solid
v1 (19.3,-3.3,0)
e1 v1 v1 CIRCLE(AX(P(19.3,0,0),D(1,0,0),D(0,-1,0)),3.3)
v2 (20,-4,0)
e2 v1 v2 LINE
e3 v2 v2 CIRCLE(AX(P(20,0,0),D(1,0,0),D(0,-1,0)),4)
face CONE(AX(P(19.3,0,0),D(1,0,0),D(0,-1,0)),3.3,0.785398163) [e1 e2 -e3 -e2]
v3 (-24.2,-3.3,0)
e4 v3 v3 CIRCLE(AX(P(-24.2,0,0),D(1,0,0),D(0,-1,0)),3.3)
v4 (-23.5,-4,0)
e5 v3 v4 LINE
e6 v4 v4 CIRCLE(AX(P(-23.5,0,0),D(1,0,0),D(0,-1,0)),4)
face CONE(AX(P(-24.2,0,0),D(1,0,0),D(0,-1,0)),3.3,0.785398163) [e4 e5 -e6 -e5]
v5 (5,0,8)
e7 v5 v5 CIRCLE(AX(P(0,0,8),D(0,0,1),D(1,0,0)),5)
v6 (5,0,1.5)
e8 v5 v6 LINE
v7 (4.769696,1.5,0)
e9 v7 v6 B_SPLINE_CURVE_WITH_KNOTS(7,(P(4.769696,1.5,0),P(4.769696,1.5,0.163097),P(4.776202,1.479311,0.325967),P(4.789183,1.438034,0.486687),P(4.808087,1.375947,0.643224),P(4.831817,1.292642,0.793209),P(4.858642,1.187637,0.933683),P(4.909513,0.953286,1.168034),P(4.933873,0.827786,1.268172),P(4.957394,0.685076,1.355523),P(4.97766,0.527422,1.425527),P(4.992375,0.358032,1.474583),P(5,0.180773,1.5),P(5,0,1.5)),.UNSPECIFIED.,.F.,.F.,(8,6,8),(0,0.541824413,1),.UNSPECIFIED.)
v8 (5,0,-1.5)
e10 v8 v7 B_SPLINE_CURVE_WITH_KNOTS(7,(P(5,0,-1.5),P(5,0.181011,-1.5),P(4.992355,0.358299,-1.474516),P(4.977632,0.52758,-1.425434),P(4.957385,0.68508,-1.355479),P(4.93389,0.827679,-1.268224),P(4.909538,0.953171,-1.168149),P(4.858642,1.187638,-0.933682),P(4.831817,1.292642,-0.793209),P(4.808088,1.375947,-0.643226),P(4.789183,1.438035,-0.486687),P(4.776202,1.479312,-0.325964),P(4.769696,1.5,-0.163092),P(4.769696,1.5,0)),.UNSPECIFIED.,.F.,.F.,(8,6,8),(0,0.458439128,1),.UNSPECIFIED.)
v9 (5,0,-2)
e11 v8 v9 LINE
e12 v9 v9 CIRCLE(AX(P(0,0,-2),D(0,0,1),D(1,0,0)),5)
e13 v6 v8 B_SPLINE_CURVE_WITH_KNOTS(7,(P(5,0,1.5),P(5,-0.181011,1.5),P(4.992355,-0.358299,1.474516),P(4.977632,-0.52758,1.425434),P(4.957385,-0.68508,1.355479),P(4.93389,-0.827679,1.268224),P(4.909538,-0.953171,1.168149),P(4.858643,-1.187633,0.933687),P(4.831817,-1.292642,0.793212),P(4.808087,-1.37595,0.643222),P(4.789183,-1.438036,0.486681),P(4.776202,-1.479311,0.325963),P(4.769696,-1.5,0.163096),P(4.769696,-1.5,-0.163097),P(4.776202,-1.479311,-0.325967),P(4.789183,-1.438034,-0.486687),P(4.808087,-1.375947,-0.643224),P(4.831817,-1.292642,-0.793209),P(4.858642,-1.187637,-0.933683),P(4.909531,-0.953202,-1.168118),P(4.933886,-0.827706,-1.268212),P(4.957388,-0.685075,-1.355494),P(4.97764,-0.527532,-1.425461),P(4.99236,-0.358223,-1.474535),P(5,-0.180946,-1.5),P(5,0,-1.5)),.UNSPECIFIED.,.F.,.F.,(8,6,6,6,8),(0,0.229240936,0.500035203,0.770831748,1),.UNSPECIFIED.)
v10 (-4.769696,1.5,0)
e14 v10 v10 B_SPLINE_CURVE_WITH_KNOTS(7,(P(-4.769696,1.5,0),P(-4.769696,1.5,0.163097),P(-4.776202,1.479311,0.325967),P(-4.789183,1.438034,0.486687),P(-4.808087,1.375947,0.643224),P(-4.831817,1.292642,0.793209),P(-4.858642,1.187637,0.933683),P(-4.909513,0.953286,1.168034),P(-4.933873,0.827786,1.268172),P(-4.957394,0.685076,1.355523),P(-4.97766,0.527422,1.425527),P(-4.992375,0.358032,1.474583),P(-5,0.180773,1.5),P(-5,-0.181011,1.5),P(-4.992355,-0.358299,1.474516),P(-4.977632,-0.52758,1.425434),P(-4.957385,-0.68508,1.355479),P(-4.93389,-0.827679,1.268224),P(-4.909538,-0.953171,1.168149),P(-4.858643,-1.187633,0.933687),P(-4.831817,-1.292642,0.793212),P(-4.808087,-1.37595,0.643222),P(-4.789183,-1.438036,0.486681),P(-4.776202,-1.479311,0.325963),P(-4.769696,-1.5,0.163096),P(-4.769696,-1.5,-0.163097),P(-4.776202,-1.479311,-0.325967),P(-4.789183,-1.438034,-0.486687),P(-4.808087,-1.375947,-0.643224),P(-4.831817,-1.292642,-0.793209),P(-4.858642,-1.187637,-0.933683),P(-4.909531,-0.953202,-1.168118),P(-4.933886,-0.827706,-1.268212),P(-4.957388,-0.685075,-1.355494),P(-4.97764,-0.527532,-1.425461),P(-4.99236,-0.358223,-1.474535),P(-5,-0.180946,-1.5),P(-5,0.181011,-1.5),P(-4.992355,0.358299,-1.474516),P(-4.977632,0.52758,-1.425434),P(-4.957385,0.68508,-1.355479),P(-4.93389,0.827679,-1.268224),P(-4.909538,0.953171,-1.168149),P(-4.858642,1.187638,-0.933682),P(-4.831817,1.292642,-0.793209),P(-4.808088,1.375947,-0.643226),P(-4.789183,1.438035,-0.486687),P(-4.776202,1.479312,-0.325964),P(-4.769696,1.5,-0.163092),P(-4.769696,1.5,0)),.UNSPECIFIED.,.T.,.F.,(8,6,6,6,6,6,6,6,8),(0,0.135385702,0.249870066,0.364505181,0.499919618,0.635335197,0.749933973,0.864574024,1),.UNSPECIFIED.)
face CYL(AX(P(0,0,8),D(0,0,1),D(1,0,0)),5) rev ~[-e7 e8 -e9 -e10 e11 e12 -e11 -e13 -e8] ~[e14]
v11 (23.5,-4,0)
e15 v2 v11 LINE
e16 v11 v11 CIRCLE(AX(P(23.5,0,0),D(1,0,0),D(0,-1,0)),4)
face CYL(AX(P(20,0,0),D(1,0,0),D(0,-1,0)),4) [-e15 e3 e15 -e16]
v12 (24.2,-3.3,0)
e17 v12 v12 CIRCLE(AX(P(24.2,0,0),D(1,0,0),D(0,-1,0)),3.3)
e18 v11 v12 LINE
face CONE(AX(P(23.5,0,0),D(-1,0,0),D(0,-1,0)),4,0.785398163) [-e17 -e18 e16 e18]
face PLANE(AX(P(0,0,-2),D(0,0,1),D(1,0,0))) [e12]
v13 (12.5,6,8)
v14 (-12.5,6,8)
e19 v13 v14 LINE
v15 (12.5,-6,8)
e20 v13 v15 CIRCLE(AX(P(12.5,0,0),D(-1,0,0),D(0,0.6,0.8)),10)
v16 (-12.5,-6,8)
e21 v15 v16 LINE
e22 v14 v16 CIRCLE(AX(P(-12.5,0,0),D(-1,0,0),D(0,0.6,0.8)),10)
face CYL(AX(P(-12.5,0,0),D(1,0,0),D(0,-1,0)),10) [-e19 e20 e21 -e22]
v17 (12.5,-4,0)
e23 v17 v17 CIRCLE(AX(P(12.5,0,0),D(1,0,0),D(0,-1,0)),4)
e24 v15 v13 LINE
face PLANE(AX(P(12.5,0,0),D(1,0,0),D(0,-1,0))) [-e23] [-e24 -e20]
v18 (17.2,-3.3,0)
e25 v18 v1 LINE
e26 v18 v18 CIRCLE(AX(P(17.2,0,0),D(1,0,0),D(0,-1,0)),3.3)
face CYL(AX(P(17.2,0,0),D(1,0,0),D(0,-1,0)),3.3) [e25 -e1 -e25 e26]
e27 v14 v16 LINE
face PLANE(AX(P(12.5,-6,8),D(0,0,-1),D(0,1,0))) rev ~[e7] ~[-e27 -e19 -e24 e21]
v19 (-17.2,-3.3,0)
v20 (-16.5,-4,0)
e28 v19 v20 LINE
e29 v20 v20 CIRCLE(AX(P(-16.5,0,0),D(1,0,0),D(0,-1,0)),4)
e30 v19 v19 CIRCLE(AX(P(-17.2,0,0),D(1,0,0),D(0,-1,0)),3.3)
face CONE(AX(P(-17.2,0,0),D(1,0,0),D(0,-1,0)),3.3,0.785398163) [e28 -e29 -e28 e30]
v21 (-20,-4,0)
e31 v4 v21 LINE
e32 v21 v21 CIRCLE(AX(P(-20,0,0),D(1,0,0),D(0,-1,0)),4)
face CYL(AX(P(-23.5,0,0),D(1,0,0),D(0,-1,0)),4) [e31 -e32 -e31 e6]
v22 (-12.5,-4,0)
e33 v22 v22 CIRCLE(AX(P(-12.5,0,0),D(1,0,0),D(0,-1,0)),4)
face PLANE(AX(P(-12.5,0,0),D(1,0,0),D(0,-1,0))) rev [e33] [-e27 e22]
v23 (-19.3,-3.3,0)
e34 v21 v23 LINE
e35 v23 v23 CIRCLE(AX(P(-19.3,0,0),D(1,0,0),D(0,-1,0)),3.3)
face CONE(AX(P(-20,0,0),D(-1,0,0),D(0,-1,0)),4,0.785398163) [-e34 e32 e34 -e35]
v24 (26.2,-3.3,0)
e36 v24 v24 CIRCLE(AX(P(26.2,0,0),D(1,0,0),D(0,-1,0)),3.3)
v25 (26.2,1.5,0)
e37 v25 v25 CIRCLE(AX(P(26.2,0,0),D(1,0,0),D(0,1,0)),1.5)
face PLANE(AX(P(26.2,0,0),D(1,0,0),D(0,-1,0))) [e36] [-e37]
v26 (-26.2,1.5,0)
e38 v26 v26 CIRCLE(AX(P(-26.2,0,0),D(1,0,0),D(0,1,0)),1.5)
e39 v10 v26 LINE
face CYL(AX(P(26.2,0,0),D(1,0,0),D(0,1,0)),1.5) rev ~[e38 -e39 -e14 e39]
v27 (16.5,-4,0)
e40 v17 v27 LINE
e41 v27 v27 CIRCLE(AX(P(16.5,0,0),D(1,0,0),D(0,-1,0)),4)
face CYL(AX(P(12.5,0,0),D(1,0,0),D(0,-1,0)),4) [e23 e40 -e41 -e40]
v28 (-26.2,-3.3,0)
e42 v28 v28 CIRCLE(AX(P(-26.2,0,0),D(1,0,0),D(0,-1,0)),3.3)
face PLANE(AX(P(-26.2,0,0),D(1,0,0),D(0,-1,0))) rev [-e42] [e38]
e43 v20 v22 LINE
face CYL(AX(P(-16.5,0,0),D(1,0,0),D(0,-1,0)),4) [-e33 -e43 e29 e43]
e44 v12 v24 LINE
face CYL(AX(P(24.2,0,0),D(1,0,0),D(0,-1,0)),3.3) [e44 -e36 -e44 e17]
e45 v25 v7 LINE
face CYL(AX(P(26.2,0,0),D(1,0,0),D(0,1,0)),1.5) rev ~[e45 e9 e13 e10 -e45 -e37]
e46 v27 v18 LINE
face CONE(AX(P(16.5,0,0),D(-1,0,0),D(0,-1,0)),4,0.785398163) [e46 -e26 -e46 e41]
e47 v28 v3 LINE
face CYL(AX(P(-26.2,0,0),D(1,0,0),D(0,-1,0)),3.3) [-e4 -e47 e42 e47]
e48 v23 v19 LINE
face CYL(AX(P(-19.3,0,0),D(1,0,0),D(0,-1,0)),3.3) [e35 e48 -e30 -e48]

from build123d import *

# Parameters (mm, degrees)
SKETCH001_R     = 1.5
POCKET_DEPTH    = 52.401
POCKET001_DEPTH = 38.701
SKETCH003_R     = 5
POCKET002_DEPTH = 10


with BuildPart() as part:
    # Sketch → Revolution (revolve)
    with BuildSketch(Plane.XY):
        Polygon((-26.2, -3.3), (-24.2, -3.3), (-23.5, -4), (-20, -4), (-19.3, -3.3), (-17.2, -3.3), (-16.5, -4), (-12.5, -4), (-12.5, -10), (12.5, -10), (12.5, -4), (16.5, -4), (17.2, -3.3), (19.3, -3.3), (20, -4), (23.5, -4), (24.2, -3.3), (26.2, -3.3), (26.2, 0), (-26.2, 0), align=None)
    revolve(axis=Axis((0, 0, 0), (1, 0, 0)))

    # Sketch001 (on Face1 of Revolution) → Pocket (cut, through all)
    with BuildSketch(Plane.YZ.offset(26.2)):
        Circle(SKETCH001_R)
    extrude(amount=-POCKET_DEPTH, mode=Mode.SUBTRACT)

    # Sketch002 (on Face16 of Pocket) → Pocket001 (cut, through all)
    with BuildSketch(Plane.YZ.offset(12.5)):
        with BuildLine():
            ThreePointArc((6, 8), (0, 10), (-6, 8))
            Line((-6, 8), (6, 8))
        make_face()
    extrude(amount=-POCKET001_DEPTH, mode=Mode.SUBTRACT)

    # Sketch003 (on Face19 of Pocket001) → Pocket002 (cut)
    with BuildSketch(Plane.XY.offset(8)):
        Circle(SKETCH003_R)
    extrude(amount=-POCKET002_DEPTH, mode=Mode.SUBTRACT)


solid = part.part
